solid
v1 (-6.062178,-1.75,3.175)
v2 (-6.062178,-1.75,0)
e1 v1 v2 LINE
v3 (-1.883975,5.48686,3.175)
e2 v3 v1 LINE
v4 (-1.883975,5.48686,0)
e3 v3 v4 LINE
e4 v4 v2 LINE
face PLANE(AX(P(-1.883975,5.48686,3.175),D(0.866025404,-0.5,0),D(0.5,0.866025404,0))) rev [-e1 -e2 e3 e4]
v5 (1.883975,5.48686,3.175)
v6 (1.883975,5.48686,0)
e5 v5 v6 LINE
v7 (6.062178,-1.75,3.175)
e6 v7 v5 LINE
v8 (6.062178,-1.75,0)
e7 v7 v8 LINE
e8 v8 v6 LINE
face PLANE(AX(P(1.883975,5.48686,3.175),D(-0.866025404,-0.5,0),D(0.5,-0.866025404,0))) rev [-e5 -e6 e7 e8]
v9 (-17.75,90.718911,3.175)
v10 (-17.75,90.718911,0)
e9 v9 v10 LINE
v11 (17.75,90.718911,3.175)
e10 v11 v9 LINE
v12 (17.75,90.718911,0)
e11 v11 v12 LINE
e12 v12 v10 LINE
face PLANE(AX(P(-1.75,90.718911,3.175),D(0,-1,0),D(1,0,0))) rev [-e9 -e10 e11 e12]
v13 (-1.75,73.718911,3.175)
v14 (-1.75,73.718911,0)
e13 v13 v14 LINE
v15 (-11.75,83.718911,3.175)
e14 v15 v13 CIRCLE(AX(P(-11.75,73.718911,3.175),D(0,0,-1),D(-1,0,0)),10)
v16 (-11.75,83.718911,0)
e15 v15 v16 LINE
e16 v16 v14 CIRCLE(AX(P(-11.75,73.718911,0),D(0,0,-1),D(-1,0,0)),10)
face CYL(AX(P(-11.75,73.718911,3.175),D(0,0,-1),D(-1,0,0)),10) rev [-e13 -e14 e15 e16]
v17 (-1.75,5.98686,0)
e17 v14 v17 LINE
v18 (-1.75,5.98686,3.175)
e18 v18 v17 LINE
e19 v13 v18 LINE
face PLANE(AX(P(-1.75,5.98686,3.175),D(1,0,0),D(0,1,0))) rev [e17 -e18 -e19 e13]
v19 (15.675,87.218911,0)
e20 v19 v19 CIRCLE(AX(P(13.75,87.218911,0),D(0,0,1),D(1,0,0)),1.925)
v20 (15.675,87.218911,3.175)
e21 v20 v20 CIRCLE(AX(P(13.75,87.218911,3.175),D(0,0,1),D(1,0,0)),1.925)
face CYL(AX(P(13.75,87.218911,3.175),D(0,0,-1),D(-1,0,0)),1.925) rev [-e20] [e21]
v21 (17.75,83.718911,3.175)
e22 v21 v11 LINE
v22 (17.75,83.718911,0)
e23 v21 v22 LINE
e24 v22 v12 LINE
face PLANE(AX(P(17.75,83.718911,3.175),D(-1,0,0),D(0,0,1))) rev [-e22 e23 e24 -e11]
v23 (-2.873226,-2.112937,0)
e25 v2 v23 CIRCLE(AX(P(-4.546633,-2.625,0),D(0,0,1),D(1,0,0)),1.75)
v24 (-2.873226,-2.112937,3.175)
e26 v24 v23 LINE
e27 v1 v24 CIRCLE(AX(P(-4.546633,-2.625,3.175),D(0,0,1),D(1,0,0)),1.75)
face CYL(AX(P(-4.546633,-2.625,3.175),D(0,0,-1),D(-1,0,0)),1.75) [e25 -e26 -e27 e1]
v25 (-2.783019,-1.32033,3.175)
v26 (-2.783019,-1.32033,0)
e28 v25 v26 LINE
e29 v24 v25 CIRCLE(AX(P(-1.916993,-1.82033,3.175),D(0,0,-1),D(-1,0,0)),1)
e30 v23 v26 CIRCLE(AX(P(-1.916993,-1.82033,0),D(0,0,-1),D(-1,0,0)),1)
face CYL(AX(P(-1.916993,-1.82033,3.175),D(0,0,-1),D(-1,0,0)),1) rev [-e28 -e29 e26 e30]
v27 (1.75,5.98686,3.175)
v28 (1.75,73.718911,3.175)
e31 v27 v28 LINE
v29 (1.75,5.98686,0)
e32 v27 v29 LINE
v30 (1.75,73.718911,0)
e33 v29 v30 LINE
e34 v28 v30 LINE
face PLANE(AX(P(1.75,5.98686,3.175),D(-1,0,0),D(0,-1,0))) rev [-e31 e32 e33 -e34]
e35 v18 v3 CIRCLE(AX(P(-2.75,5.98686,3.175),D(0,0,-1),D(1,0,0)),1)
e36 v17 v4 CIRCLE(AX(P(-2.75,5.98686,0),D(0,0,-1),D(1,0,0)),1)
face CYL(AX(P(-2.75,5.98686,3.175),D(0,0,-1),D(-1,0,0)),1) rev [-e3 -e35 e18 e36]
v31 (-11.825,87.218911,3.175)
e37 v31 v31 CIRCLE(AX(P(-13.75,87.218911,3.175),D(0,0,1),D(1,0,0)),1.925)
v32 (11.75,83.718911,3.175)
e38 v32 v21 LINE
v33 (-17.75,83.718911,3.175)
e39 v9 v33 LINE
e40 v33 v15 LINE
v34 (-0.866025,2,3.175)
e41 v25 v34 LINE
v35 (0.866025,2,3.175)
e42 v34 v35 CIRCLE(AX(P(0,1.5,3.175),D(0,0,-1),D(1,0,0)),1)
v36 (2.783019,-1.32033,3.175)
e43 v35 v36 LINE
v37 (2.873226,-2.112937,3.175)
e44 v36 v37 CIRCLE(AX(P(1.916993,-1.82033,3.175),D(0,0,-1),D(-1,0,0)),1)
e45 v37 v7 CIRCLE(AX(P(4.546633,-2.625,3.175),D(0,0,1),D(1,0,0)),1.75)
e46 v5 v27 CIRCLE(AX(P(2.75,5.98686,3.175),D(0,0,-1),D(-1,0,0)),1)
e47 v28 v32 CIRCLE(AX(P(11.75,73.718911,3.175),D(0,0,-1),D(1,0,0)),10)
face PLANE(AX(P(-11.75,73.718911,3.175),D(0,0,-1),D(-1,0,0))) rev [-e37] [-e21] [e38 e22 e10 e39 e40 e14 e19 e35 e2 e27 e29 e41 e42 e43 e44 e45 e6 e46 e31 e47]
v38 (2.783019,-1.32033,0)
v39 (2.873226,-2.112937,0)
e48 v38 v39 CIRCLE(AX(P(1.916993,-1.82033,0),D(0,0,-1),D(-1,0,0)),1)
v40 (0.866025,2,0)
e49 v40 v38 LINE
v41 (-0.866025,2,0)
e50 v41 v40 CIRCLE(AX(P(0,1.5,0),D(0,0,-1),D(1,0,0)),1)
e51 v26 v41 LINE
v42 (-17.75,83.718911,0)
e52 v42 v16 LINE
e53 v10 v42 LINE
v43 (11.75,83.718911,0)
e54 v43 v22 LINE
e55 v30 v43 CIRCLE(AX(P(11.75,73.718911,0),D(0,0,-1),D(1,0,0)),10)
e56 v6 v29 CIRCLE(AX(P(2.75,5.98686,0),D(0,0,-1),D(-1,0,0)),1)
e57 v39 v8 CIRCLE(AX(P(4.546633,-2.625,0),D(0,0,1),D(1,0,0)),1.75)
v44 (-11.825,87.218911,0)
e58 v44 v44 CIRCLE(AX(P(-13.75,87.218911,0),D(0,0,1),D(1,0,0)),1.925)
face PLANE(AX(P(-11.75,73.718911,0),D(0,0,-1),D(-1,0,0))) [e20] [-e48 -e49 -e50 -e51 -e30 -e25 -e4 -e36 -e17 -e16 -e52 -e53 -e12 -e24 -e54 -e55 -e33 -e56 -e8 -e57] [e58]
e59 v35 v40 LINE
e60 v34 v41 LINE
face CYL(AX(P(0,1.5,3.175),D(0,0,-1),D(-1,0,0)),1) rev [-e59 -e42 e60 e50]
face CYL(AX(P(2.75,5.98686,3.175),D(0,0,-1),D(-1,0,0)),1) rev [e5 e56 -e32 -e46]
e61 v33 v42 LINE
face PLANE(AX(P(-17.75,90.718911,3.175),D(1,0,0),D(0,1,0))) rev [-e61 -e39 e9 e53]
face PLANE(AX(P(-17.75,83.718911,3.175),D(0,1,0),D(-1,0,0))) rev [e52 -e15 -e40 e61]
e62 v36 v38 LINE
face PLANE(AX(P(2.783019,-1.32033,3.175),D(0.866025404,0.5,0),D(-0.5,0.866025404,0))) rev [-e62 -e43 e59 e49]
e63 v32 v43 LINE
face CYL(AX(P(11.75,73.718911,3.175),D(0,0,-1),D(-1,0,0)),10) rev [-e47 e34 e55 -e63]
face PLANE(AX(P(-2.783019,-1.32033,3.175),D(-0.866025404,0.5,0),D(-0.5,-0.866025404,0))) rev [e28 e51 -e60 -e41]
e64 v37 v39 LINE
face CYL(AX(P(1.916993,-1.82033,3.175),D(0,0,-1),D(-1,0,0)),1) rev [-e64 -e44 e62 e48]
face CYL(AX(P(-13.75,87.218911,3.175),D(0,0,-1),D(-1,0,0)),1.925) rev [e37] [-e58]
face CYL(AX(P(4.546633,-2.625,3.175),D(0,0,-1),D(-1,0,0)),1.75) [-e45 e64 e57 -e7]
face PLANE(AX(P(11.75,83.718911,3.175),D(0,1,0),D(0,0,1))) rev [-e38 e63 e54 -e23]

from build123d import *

# Parameters (mm, degrees)
SKETCH1_R           = 1.925
BOSS_EXTRUDE1_DEPTH = 3.175


with BuildPart() as part:
    # Sketch1 → Boss-Extrude1 (new body)
    with BuildSketch(Plane.XY):
        with BuildLine():
            Line((1.75, 90.718911087), (17.75, 90.718911087))
            Line((17.75, 90.718911087), (17.75, 83.718911087))
            Line((17.75, 83.718911087), (11.75, 83.718911087))
            ThreePointArc((11.75, 83.718911087), (4.678932188, 80.789978899), (1.75, 73.718911087))
            Line((1.75, 73.718911087), (1.75, 5.986860279))
            ThreePointArc((1.75, 5.986860279), (1.784074174, 5.728041234), (1.883974596, 5.486860279))
            Line((1.883974596, 5.486860279), (6.062177826, -1.75))
            ThreePointArc((6.062177826, -1.75), (4.744524835, -4.363775134), (2.873226135, -2.112937283))
            ThreePointArc((2.873226135, -2.112937283), (2.91057922, -1.707249179), (2.783018833, -1.320330017))
            Line((2.783018833, -1.320330017), (0.866025404, 2))
            ThreePointArc((0.866025404, 2), (0, 2.5), (-0.866025404, 2))
            Line((-0.866025404, 2), (-2.783018833, -1.320330017))
            ThreePointArc((-2.783018833, -1.320330017), (-2.91057922, -1.707249179), (-2.873226135, -2.112937283))
            ThreePointArc((-2.873226135, -2.112937283), (-4.744524835, -4.363775134), (-6.062177826, -1.75))
            Line((-6.062177826, -1.75), (-1.883974596, 5.486860279))
            ThreePointArc((-1.883974596, 5.486860279), (-1.784074174, 5.728041234), (-1.75, 5.986860279))
            Line((-1.75, 5.986860279), (-1.75, 73.718911087))
            ThreePointArc((-1.75, 73.718911087), (-4.678932188, 80.789978899), (-11.75, 83.718911087))
            Line((-11.75, 83.718911087), (-17.75, 83.718911087))
            Line((-17.75, 83.718911087), (-17.75, 90.718911087))
            Line((-17.75, 90.718911087), (-1.75, 90.718911087))
            Line((-1.75, 90.718911087), (1.75, 90.718911087))
        make_face()
        with Locations((-13.75, 87.218911087)):
            Circle(SKETCH1_R, mode=Mode.SUBTRACT)
        with Locations((13.75, 87.218911087)):
            Circle(SKETCH1_R, mode=Mode.SUBTRACT)
    extrude(amount=BOSS_EXTRUDE1_DEPTH)


solid = part.part
